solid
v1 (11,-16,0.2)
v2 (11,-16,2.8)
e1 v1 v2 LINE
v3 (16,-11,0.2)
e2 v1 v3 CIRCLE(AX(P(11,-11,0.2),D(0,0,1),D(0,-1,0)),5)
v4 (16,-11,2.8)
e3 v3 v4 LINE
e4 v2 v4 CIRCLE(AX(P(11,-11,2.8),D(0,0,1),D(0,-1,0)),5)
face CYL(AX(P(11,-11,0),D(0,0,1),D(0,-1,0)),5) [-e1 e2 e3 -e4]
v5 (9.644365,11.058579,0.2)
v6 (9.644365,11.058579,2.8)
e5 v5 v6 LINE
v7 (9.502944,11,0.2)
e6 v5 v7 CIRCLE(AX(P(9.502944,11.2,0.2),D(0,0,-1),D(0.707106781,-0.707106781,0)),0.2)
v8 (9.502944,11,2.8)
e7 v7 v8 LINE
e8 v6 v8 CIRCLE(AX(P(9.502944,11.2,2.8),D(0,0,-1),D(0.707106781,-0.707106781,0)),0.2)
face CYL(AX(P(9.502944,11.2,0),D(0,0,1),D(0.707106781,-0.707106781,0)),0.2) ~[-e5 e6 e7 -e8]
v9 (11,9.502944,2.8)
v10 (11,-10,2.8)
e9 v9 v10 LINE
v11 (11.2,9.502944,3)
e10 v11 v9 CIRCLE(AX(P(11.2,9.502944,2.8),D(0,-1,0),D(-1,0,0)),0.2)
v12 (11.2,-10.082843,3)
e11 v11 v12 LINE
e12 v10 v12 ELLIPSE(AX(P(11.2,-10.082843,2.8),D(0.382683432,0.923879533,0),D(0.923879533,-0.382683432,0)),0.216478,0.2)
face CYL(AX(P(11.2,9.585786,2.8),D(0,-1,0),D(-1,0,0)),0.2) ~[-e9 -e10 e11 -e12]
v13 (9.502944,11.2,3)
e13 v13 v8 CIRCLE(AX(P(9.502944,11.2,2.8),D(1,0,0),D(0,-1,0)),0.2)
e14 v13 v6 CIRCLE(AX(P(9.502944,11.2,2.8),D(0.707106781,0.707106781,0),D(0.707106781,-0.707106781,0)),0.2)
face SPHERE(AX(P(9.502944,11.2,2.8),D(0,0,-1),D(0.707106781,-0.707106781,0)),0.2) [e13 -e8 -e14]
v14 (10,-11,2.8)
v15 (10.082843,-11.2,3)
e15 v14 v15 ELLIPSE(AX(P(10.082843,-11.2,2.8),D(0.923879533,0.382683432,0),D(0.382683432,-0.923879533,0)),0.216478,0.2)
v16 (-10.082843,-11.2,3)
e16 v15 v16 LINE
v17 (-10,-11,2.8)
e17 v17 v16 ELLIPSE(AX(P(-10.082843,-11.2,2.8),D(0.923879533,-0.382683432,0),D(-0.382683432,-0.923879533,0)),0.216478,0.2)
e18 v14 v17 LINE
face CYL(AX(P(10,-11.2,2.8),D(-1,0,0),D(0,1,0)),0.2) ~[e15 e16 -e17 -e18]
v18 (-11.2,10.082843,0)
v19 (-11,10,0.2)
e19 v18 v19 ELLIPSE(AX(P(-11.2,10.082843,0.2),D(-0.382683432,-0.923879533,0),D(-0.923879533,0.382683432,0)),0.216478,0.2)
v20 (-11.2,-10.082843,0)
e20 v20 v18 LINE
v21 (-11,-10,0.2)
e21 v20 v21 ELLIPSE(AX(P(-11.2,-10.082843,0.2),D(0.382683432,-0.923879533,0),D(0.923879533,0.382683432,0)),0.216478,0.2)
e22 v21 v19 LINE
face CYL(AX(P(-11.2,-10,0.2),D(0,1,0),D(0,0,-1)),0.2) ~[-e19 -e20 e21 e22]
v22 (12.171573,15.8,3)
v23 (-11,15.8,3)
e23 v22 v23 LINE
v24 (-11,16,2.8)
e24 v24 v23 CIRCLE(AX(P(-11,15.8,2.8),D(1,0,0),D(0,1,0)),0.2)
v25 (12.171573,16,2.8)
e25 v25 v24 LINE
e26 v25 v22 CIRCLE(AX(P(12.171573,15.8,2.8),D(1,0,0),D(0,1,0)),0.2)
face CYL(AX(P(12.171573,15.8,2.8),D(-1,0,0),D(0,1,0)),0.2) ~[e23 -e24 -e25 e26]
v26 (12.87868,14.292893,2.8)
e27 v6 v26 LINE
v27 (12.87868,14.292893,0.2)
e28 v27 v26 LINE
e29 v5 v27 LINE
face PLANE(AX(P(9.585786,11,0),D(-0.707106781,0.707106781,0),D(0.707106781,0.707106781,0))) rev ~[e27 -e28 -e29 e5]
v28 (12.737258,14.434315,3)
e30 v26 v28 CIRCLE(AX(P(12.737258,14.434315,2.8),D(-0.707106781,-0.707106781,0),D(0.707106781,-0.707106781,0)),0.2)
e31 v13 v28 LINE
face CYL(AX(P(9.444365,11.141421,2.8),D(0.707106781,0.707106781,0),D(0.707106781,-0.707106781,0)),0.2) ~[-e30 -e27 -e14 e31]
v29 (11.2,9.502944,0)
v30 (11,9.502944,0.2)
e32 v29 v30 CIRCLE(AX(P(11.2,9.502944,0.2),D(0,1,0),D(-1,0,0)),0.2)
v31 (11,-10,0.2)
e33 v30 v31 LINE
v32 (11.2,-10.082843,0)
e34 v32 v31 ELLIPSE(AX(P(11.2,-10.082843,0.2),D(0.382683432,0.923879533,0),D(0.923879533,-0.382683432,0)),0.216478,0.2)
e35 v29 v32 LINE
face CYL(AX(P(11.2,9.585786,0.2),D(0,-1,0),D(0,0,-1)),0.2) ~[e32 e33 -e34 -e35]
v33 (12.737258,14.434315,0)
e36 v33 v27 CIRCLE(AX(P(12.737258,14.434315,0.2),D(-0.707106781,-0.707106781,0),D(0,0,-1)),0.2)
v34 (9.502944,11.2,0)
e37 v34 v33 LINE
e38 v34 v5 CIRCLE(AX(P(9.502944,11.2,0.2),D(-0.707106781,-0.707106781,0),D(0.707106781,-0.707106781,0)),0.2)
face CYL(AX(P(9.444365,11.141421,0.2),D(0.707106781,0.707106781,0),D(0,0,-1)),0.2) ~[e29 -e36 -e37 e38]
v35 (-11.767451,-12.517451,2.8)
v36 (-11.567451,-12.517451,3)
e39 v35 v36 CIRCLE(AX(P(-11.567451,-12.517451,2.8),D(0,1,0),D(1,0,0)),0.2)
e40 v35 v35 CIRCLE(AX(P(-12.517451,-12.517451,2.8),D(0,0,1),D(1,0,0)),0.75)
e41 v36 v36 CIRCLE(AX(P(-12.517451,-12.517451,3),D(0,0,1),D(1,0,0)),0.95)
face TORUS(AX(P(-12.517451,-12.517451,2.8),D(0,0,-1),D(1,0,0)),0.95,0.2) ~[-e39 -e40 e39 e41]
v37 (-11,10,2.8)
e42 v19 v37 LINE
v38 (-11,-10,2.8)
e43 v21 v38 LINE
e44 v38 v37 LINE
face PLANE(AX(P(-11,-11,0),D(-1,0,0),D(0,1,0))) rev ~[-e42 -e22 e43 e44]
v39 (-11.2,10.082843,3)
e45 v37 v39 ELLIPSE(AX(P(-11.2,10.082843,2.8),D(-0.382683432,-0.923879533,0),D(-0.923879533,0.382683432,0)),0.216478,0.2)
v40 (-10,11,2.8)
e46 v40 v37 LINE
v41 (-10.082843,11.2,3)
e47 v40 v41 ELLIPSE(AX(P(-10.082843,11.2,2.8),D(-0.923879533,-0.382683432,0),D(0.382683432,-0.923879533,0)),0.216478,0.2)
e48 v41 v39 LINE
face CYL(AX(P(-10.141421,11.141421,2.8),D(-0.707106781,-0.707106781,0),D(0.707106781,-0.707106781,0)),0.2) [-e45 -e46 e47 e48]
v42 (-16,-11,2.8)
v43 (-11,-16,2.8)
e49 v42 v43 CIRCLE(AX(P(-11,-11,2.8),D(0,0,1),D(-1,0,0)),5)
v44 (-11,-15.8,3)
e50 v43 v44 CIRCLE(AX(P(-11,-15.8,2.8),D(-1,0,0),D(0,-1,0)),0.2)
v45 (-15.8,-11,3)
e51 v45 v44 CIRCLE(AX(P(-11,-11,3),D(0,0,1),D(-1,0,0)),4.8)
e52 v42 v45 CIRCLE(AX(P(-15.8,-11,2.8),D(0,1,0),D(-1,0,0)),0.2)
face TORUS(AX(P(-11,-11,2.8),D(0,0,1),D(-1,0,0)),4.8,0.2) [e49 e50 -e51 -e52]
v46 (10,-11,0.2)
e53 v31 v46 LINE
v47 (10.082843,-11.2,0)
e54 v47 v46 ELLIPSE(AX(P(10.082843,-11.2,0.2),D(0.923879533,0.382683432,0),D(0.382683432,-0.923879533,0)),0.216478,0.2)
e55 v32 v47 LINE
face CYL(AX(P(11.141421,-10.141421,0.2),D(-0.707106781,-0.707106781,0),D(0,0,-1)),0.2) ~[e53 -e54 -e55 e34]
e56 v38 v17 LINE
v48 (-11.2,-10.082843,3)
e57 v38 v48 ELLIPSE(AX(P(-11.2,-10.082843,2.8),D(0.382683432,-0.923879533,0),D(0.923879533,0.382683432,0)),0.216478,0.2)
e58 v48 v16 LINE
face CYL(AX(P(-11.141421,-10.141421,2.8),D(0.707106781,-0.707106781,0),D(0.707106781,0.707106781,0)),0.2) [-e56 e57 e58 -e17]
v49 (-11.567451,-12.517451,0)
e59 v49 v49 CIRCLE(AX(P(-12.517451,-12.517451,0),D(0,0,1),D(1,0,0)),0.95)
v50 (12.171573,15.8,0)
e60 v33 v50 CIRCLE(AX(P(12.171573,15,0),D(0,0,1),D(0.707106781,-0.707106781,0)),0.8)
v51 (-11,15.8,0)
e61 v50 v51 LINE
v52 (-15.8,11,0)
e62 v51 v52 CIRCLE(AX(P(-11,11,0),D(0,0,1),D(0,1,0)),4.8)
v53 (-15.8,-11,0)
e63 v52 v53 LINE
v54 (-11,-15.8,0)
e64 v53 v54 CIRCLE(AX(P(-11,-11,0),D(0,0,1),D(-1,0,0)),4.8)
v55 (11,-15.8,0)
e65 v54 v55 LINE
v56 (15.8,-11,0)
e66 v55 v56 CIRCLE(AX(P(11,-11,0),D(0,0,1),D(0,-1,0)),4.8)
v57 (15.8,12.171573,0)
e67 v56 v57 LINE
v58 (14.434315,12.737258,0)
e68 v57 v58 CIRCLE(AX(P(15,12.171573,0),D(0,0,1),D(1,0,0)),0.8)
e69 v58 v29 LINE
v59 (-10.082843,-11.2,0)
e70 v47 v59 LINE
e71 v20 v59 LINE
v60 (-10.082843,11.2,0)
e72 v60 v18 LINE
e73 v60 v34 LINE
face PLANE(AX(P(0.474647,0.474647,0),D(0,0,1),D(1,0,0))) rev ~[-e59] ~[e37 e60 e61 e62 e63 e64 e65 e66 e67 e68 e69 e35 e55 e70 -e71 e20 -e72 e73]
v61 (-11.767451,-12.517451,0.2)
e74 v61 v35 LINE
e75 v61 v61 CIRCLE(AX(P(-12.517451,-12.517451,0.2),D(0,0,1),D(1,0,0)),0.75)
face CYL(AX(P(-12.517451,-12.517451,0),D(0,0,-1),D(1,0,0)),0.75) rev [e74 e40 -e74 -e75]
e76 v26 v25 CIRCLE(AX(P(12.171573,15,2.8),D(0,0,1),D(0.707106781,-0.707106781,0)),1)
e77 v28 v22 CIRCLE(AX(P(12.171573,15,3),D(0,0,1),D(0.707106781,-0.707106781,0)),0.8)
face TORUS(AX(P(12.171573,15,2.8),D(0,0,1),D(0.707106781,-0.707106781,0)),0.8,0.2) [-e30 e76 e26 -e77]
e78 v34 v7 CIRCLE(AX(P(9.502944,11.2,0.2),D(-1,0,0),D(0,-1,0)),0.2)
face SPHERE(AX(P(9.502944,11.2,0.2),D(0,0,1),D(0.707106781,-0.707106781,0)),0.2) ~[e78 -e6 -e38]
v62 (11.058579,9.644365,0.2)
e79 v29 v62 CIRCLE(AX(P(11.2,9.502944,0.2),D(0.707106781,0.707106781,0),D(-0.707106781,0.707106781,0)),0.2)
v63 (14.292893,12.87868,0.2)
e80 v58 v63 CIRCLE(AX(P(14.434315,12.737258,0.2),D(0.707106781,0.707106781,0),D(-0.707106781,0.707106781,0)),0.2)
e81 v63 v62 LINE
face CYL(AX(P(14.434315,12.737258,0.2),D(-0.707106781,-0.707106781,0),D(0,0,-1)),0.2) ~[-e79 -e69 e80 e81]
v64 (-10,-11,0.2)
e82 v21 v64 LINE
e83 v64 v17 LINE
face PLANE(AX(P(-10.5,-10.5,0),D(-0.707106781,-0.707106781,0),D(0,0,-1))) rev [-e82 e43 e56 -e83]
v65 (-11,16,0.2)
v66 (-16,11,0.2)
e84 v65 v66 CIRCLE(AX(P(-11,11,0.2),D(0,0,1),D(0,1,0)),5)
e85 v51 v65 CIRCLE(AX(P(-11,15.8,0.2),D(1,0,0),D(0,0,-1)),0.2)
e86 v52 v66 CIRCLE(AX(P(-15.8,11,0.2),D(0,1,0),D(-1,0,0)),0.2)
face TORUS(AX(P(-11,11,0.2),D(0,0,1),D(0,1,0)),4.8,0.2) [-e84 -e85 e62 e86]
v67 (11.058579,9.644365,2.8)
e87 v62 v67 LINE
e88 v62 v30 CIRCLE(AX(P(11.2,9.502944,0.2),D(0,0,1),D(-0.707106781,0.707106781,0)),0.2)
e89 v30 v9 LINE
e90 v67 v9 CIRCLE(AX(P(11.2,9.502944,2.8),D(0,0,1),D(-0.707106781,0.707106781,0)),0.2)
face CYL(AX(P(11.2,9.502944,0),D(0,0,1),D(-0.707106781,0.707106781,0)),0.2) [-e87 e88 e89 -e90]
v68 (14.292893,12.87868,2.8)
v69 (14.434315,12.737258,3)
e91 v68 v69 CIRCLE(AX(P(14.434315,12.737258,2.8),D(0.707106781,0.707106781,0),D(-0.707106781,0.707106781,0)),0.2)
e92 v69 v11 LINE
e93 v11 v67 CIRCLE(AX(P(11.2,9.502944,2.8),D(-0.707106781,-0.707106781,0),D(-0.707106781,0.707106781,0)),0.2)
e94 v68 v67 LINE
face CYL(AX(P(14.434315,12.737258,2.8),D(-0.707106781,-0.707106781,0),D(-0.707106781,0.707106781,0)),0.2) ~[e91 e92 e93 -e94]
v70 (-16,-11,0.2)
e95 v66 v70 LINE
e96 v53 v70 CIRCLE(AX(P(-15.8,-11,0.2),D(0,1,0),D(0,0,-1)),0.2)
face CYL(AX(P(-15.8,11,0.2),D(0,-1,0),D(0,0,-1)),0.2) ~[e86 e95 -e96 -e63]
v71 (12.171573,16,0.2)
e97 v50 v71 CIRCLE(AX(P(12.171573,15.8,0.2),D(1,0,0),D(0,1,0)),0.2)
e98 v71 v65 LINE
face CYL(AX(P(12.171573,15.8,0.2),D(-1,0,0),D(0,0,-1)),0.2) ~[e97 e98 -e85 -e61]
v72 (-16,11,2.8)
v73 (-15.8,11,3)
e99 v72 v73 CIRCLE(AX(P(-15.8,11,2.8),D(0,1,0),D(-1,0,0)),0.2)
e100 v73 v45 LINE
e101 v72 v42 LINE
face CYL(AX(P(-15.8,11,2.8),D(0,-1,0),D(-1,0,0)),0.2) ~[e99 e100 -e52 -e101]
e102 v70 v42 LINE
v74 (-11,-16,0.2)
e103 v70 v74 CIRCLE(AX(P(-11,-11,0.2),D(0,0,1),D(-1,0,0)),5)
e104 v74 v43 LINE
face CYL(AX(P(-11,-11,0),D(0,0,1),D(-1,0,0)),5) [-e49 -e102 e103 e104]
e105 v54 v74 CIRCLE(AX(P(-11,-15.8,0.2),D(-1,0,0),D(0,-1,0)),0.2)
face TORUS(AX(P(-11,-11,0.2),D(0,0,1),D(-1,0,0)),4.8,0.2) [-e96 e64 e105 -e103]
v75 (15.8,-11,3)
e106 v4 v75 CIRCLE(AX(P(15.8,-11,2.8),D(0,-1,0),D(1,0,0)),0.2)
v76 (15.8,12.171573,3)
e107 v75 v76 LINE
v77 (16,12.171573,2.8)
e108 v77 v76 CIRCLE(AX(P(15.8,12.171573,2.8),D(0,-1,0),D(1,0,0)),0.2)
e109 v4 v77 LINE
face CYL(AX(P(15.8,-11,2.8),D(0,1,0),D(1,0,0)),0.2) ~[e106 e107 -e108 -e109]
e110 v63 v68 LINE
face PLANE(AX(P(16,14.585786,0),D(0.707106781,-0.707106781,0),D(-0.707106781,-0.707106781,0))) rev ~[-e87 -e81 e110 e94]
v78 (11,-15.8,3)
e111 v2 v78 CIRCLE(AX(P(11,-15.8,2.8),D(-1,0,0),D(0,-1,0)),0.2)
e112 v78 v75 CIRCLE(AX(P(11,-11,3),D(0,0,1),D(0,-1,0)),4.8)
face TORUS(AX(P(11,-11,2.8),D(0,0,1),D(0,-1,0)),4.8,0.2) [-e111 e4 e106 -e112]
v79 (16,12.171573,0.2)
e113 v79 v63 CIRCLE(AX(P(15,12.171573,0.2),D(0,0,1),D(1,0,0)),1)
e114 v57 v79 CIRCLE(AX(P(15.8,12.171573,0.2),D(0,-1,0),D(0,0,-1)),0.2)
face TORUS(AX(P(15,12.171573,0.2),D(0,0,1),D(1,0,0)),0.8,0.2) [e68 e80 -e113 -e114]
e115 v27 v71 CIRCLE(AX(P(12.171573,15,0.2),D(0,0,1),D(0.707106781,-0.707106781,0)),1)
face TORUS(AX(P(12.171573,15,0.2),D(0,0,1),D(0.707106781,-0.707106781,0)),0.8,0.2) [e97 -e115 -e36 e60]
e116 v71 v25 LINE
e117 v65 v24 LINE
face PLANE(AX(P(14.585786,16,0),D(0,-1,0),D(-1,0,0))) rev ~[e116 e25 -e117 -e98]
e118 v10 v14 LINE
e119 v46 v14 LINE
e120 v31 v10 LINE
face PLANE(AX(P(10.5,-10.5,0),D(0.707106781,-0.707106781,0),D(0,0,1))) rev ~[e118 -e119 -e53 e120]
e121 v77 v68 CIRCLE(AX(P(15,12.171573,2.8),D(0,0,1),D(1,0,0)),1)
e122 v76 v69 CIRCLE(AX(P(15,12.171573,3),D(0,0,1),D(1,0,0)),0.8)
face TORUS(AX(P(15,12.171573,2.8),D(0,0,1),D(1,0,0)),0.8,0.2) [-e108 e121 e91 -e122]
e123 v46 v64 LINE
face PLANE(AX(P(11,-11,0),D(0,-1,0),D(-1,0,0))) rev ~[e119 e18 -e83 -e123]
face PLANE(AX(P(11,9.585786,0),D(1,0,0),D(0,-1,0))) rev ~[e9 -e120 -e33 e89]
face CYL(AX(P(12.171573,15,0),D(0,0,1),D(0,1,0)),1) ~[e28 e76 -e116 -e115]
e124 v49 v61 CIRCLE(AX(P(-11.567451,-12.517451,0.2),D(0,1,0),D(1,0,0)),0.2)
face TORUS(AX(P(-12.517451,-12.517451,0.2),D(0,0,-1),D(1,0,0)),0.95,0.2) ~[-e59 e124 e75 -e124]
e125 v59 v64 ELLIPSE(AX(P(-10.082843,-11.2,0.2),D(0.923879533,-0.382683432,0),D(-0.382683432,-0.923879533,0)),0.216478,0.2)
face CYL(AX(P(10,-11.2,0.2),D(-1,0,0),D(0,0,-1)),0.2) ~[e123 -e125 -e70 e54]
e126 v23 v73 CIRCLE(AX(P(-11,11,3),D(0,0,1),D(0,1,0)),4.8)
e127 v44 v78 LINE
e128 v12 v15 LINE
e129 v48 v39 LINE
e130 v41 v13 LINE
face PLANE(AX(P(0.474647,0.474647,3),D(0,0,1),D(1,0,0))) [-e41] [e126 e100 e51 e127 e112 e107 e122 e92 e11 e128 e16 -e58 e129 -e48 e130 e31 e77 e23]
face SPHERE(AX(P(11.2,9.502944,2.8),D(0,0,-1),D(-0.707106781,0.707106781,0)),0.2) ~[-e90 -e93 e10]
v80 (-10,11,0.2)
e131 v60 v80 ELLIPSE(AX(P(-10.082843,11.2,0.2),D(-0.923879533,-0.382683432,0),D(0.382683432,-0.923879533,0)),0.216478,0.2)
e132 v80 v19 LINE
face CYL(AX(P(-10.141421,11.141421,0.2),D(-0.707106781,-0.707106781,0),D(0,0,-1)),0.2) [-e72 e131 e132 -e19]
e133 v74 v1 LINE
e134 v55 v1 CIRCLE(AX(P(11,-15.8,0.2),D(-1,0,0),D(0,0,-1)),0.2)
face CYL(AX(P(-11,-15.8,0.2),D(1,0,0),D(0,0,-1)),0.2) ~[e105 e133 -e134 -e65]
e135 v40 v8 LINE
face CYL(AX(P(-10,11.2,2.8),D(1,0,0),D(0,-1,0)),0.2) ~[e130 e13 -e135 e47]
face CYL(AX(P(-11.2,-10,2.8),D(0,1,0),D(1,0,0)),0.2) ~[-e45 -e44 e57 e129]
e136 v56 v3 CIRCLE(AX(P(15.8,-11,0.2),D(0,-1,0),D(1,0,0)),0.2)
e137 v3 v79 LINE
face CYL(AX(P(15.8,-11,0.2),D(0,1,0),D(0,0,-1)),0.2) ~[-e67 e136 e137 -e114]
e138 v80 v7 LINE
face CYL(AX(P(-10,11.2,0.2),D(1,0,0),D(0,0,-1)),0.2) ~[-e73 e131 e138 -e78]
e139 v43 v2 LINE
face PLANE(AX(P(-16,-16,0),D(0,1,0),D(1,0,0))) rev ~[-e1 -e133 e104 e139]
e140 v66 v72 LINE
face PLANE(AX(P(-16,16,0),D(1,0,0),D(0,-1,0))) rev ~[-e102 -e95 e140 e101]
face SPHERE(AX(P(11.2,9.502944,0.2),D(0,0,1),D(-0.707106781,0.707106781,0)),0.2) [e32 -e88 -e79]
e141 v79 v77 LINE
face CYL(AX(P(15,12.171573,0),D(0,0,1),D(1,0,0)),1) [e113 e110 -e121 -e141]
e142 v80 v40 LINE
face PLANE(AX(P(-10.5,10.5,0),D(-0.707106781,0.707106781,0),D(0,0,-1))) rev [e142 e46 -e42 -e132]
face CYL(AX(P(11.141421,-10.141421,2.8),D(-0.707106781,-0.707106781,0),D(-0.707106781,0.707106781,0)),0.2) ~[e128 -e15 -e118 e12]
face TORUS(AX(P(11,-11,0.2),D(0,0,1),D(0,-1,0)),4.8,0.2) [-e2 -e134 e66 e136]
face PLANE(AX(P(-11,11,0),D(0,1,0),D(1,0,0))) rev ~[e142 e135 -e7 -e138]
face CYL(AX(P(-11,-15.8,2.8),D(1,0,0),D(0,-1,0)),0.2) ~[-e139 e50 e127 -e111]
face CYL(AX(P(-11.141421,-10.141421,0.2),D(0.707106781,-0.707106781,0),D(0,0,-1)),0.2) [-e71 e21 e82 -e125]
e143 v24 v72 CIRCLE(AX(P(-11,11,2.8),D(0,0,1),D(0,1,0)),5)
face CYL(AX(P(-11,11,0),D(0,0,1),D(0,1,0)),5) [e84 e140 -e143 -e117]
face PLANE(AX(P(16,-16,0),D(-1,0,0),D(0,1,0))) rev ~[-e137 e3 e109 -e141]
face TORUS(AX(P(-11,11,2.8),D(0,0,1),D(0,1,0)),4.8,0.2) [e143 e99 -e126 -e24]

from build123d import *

# Parameters (mm, degrees)
F0_R     = 0.75
F1_DEPTH = 3
F2_SIZE2 = 1
F2_SIZE  = 1
F3_R     = 5
F4_R     = 1
F5_R     = 0.2


with BuildPart() as f1:
    # F0 (on Top) → F1 (new body)
    with BuildSketch(Plane.XY):
        Polygon((11.1485209167, 16), (-16, 16), (-16, -16), (16, -16), (16, 11.1485209167), (16, 14.5857864376), (11, 9.5857864376), (11, 6.1485209167), (11, -11), (-11, -11), (-11, 11), (6.1485209167, 11), (9.5857864376, 11), (14.5857864376, 16), align=None)
        with Locations((-12.5174511524, -12.5174511524)):
            Circle(F0_R, mode=Mode.SUBTRACT)
    extrude(amount=F1_DEPTH)

    # F2
    f2_edges = [f1.edges().sort_by_distance(p)[0] for p in [
        (-11, 11, 1.5),
        (11, -11, 1.5),
        (-11, -11, 1.5),
    ]]
    chamfer(f2_edges, length=F2_SIZE, length2=F2_SIZE2)

    # F3
    f3_edges = [f1.edges().sort_by_distance(p)[0] for p in [
        (16, -16, 1.5),
        (-16, 16, 1.5),
        (-16, -16, 1.5),
    ]]
    fillet(f3_edges, radius=F3_R)

    # F4
    f4_edges = [f1.edges().sort_by_distance(p)[0] for p in [
        (16, 14.585786, 1.5),
        (14.585786, 16, 1.5),
    ]]
    fillet(f4_edges, radius=F4_R)

    # F5
    f5_edges = [f1.edges().sort_by_distance(p)[0] for p in [
        (16, 0.585786, 3),
        (16, 0.585786, 0),
        (15.382683, 13.095452, 3),
        (14.535534, -14.535534, 3),
        (12.646447, 11.232233, 3),
        (0, -16, 3),
        (11, -0.207107, 3),
        (-14.535534, -14.535534, 3),
        (10.5, -10.5, 3),
        (-16, 0, 3),
        (0, -11, 3),
        (-14.535534, 14.535534, 3),
        (-10.5, -10.5, 3),
        (0.585786, 16, 3),
        (-11, 0, 3),
        (13.095452, 15.382683, 3),
        (-10.5, 10.5, 3),
        (11.232233, 12.646447, 3),
        (-0.207107, 11, 3),
        (-13.267451, -12.517451, 3),
        (15.382683, 13.095452, 0),
        (14.535534, -14.535534, 0),
        (12.646447, 11.232233, 0),
        (0, -16, 0),
        (11, -0.207107, 0),
        (-14.535534, -14.535534, 0),
        (10.5, -10.5, 0),
        (-16, 0, 0),
        (0, -11, 0),
        (-14.535534, 14.535534, 0),
        (-10.5, -10.5, 0),
        (0.585786, 16, 0),
        (-11, 0, 0),
        (13.095452, 15.382683, 0),
        (-10.5, 10.5, 0),
        (11.232233, 12.646447, 0),
        (-0.207107, 11, 0),
        (-13.267451, -12.517451, 0),
        (11, 9.585786, 1.5),
        (9.585786, 11, 1.5),
    ]]
    fillet(f5_edges, radius=F5_R)


solid = f1.part
